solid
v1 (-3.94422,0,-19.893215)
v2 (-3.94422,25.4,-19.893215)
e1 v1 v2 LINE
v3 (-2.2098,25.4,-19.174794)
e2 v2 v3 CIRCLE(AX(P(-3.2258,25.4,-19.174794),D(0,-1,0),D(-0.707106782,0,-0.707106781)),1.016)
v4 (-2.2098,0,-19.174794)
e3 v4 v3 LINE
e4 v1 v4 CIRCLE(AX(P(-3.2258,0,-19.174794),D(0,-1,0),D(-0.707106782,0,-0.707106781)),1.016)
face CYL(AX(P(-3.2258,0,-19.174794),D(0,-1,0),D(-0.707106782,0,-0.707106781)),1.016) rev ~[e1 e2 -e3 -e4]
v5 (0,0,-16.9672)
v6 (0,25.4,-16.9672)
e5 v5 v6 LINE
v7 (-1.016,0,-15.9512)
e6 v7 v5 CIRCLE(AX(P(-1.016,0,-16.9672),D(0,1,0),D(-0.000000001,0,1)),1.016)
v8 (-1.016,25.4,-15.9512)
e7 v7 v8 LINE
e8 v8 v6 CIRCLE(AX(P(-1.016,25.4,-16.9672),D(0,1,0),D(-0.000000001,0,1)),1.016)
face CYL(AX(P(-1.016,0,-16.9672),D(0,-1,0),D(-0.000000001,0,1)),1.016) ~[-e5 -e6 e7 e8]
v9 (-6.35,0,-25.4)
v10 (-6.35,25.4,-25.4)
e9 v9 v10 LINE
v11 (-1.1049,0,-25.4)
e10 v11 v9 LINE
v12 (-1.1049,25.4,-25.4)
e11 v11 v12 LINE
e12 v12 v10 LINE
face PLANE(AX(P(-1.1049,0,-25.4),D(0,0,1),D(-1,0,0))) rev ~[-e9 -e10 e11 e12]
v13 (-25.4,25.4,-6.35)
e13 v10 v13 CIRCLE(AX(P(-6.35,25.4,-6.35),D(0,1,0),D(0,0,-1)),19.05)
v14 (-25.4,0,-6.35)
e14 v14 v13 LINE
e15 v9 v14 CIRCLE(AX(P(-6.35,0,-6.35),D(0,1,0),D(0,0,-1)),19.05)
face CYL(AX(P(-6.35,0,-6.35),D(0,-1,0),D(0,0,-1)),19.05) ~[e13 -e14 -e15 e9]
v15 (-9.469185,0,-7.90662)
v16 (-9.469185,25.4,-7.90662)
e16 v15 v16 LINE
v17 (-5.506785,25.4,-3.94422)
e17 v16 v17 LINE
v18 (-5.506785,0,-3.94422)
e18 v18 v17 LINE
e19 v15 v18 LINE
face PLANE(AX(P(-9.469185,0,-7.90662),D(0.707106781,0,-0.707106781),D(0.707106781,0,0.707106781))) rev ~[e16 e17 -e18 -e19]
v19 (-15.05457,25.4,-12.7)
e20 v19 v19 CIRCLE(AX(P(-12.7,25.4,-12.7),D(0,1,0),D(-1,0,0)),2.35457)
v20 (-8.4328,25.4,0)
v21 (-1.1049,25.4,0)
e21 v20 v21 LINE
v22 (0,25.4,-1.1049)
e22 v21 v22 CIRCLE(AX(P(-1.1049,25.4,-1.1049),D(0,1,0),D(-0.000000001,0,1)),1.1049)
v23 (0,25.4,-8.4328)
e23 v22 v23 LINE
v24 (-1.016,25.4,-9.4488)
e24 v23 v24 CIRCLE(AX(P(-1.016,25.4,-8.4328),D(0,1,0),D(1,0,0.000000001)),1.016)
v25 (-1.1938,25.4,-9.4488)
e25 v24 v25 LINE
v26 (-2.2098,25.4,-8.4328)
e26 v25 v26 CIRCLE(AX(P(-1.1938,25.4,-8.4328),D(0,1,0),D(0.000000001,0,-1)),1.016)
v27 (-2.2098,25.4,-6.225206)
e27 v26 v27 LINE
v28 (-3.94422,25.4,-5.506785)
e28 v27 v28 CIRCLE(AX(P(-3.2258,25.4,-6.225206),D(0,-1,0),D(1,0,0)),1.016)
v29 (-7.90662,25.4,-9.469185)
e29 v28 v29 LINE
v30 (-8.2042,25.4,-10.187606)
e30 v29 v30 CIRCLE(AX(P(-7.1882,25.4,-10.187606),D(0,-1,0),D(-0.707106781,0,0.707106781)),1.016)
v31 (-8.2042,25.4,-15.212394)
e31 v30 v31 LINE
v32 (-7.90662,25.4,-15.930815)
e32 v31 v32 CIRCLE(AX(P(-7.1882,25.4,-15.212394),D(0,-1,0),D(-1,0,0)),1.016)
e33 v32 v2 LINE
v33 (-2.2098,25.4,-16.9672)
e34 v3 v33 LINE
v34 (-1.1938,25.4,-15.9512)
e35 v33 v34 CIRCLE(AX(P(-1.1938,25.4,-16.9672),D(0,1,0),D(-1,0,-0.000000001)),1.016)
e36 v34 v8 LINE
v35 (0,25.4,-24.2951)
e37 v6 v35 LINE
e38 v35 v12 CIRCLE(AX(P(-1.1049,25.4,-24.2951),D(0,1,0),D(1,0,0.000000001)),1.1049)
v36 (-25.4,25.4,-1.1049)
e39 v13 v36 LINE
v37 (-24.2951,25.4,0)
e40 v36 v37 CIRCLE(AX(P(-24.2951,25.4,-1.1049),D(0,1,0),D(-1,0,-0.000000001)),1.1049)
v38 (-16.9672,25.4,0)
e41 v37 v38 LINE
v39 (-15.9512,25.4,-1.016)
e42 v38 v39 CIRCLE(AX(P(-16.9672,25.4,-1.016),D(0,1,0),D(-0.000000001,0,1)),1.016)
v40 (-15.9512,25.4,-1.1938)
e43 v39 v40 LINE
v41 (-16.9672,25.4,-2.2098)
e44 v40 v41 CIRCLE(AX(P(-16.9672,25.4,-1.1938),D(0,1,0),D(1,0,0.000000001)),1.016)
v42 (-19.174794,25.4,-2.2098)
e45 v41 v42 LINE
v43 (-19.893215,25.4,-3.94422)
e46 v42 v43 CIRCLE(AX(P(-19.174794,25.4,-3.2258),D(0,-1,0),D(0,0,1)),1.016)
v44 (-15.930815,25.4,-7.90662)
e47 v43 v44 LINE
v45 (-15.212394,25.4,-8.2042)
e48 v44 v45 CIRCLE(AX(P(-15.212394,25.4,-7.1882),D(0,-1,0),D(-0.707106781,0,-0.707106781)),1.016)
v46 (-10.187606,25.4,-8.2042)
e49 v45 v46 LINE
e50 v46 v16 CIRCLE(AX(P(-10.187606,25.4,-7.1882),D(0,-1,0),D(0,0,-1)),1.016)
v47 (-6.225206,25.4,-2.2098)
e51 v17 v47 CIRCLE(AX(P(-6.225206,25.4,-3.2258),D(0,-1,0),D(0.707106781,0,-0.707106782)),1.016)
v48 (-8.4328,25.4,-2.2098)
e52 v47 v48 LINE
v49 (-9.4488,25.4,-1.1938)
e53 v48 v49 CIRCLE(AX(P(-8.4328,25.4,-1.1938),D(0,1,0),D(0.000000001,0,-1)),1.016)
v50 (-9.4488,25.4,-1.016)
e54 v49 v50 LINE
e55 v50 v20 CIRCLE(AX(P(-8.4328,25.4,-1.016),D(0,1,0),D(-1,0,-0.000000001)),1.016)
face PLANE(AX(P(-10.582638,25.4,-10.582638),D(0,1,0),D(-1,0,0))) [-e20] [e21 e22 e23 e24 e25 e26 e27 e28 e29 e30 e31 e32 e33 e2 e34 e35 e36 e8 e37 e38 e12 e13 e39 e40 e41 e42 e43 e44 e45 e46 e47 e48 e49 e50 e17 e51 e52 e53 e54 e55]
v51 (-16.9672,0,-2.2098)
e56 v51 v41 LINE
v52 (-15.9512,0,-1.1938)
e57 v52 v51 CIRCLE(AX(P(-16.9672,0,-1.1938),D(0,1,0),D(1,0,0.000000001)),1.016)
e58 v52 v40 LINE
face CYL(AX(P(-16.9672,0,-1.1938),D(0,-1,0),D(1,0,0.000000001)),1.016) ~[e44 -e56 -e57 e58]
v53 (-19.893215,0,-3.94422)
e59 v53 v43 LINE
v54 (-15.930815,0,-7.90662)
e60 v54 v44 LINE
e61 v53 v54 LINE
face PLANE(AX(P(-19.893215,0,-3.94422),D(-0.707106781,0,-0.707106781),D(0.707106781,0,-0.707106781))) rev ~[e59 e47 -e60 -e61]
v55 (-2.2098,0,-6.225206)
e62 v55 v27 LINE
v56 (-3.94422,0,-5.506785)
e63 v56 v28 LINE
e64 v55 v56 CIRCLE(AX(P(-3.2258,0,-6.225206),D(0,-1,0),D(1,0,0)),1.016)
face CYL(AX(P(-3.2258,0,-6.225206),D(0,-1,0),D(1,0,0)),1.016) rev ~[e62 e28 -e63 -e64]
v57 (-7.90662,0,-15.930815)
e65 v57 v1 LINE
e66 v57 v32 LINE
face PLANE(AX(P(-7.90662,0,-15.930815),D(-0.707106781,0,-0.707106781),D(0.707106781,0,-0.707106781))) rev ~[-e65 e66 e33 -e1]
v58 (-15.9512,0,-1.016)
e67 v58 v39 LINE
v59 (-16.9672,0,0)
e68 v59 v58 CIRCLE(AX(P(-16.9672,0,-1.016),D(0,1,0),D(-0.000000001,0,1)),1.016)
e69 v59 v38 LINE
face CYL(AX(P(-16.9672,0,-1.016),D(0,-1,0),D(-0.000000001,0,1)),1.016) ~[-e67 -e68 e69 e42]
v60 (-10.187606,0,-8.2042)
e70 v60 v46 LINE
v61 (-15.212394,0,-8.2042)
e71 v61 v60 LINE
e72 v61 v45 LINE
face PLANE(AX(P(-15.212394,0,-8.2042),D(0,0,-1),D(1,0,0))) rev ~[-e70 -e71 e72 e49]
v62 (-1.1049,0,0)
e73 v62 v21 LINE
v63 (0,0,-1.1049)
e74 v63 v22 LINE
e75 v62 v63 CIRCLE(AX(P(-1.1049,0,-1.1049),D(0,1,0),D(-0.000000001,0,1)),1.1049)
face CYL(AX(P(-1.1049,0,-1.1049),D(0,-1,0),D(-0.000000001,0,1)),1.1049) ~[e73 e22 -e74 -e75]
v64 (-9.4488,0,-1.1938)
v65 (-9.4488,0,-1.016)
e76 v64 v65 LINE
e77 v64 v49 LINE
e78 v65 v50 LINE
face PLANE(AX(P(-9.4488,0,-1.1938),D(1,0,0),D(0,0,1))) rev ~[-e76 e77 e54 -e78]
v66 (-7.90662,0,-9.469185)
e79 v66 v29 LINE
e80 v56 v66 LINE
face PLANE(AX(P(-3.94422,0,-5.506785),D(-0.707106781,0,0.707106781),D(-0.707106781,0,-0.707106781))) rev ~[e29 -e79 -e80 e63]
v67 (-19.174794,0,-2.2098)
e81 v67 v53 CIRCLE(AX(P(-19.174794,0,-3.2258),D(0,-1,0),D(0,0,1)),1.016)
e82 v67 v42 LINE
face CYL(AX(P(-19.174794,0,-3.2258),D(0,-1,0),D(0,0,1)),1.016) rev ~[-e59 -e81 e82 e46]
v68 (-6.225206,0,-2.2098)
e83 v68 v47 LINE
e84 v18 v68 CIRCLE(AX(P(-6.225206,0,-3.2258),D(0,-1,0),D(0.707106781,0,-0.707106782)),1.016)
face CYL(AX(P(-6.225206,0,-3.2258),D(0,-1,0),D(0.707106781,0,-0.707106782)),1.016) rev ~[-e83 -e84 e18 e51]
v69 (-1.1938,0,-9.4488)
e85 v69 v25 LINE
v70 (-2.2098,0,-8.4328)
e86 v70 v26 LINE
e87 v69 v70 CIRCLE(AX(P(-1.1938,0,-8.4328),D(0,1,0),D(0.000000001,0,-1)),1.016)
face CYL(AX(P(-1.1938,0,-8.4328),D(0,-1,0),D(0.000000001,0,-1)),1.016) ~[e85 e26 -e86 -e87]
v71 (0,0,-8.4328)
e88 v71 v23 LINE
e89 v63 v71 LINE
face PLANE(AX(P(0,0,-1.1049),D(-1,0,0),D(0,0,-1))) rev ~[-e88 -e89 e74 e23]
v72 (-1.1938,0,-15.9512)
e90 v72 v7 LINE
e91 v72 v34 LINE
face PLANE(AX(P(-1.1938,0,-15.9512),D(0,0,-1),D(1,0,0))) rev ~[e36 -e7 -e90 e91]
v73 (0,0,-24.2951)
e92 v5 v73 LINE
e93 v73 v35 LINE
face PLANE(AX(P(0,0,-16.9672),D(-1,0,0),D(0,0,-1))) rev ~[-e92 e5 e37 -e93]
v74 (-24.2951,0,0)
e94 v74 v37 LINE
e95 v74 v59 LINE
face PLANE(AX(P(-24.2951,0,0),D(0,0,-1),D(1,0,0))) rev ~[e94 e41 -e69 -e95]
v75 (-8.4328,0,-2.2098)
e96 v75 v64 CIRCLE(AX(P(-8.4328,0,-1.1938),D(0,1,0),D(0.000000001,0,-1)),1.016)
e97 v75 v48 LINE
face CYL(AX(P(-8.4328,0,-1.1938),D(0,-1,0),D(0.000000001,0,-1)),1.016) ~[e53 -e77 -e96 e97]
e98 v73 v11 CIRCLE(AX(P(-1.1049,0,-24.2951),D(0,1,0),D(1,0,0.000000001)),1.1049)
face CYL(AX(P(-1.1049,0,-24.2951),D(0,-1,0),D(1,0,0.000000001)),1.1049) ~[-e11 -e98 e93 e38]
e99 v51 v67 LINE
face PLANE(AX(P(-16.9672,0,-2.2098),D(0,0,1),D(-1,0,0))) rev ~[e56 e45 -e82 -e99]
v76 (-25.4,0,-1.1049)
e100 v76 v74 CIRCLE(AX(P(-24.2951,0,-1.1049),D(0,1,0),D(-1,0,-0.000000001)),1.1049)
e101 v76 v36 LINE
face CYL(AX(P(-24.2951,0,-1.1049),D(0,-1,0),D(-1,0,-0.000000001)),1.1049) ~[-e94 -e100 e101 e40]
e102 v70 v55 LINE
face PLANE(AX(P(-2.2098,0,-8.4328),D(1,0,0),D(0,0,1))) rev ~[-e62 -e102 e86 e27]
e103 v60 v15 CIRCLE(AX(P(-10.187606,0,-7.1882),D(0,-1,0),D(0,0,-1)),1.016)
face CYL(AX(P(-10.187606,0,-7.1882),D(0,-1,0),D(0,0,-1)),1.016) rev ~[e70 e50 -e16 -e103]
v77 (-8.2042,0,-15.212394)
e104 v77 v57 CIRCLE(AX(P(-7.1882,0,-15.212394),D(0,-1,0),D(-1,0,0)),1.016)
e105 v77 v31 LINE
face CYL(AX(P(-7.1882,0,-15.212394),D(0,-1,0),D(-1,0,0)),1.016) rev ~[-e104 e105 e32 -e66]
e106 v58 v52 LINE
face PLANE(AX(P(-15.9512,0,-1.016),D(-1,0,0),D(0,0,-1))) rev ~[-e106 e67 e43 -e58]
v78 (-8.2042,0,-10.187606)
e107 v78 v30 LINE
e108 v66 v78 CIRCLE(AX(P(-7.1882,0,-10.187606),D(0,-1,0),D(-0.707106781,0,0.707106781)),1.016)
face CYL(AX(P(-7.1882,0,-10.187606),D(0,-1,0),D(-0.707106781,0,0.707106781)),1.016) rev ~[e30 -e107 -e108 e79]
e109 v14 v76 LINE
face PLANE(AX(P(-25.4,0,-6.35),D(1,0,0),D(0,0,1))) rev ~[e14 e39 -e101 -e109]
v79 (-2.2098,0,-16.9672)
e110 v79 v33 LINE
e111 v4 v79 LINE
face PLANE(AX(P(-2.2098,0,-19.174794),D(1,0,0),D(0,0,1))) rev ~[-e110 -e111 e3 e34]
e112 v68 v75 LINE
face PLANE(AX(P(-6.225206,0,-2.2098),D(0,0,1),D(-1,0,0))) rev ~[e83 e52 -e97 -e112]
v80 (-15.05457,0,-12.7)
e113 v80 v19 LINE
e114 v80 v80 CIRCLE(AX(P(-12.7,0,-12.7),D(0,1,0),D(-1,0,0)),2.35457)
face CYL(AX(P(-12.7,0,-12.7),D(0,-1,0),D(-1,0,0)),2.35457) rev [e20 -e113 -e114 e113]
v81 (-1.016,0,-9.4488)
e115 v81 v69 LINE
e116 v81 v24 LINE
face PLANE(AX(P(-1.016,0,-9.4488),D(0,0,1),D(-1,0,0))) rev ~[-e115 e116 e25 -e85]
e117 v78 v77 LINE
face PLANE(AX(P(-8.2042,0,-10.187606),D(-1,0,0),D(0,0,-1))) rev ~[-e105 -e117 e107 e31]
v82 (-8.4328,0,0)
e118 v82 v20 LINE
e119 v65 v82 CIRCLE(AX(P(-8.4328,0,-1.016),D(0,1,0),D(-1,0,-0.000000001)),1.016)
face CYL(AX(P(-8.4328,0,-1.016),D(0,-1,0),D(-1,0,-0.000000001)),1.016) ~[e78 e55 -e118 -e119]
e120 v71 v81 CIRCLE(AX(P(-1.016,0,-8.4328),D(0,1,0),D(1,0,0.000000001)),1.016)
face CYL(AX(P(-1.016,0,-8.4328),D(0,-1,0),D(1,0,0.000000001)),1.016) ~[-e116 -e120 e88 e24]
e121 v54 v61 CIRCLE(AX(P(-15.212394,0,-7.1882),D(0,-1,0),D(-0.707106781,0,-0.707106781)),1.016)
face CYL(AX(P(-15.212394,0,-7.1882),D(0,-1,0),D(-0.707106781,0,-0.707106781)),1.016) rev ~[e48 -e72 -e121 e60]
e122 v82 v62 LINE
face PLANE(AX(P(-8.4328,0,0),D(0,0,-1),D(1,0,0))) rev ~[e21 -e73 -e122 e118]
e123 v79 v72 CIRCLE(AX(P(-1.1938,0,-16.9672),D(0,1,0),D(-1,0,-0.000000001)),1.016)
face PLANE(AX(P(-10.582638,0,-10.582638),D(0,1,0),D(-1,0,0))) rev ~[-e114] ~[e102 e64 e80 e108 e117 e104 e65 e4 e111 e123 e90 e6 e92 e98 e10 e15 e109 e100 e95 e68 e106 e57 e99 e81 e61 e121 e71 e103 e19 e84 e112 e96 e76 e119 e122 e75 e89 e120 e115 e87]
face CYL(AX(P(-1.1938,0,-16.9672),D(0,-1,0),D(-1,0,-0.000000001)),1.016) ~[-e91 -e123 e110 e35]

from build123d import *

# Parameters (mm, degrees)
SKETCH11_R               = 2.354570308
MEMBER_10_1012_S_1_DEPTH = 25.4


with BuildPart() as part:
    # Sketch11 → Member 10 1012-S_1 (new body)
    with BuildSketch(Plane(origin=(0, 0, 0), x_dir=(-1, 0, 0), z_dir=(0, 1, 0))):
        with BuildLine():
            Line((24.2951, 0), (16.9672, 0))
            ThreePointArc((16.9672, 0), (16.24877951, -0.29757951), (15.9512, -1.016))
            Line((15.9512, -1.016), (15.9512, -1.1938))
            ThreePointArc((15.9512, -1.1938), (16.24877951, -1.91222049), (16.9672, -2.2098))
            Line((16.9672, -2.2098), (19.174794456, -2.2098))
            ThreePointArc((19.174794456, -2.2098), (20.113456061, -2.836993633), (19.893214945, -3.94422049))
            Line((19.893214945, -3.94422049), (15.930814945, -7.90662049))
            ThreePointArc((15.930814945, -7.90662049), (15.601200823, -8.126861605), (15.212394456, -8.2042))
            Line((15.212394456, -8.2042), (10.187605544, -8.2042))
            ThreePointArc((10.187605544, -8.2042), (9.798799177, -8.126861605), (9.469185055, -7.90662049))
            Line((9.469185055, -7.90662049), (5.506785055, -3.94422049))
            ThreePointArc((5.506785055, -3.94422049), (5.286543939, -2.836993633), (6.225205544, -2.2098))
            Line((6.225205544, -2.2098), (8.4328, -2.2098))
            ThreePointArc((8.4328, -2.2098), (9.15122049, -1.91222049), (9.4488, -1.1938))
            Line((9.4488, -1.1938), (9.4488, -1.016))
            ThreePointArc((9.4488, -1.016), (9.15122049, -0.29757951), (8.4328, 0))
            Line((8.4328, 0), (1.1049, 0))
            ThreePointArc((1.1049, 0), (0.323617717, -0.323617717), (0, -1.1049))
            Line((0, -1.1049), (0, -8.4328))
            ThreePointArc((0, -8.4328), (0.29757951, -9.15122049), (1.016, -9.4488))
            Line((1.016, -9.4488), (1.1938, -9.4488))
            ThreePointArc((1.1938, -9.4488), (1.91222049, -9.15122049), (2.2098, -8.4328))
            Line((2.2098, -8.4328), (2.2098, -6.225205544))
            ThreePointArc((2.2098, -6.225205544), (2.836993633, -5.286543939), (3.94422049, -5.506785055))
            Line((3.94422049, -5.506785055), (7.90662049, -9.469185055))
            ThreePointArc((7.90662049, -9.469185055), (8.126861605, -9.798799177), (8.2042, -10.187605544))
            Line((8.2042, -10.187605544), (8.2042, -15.212394456))
            ThreePointArc((8.2042, -15.212394456), (8.126861605, -15.601200823), (7.90662049, -15.930814945))
            Line((7.90662049, -15.930814945), (3.94422049, -19.893214945))
            ThreePointArc((3.94422049, -19.893214945), (2.836993633, -20.113456061), (2.2098, -19.174794456))
            Line((2.2098, -19.174794456), (2.2098, -16.9672))
            ThreePointArc((2.2098, -16.9672), (1.91222049, -16.24877951), (1.1938, -15.9512))
            Line((1.1938, -15.9512), (1.016, -15.9512))
            ThreePointArc((1.016, -15.9512), (0.29757951, -16.24877951), (0, -16.9672))
            Line((0, -16.9672), (0, -24.2951))
            ThreePointArc((0, -24.2951), (0.323617717, -25.076382283), (1.1049, -25.4))
            Line((1.1049, -25.4), (6.35, -25.4))
            ThreePointArc((6.35, -25.4), (19.820384182, -19.820384182), (25.4, -6.35))
            Line((25.4, -6.35), (25.4, -1.1049))
            ThreePointArc((25.4, -1.1049), (25.076382283, -0.323617717), (24.2951, 0))
        make_face()
        with Locations((12.7, -12.7)):
            Circle(SKETCH11_R, mode=Mode.SUBTRACT)
    extrude(amount=MEMBER_10_1012_S_1_DEPTH)


solid = part.part
